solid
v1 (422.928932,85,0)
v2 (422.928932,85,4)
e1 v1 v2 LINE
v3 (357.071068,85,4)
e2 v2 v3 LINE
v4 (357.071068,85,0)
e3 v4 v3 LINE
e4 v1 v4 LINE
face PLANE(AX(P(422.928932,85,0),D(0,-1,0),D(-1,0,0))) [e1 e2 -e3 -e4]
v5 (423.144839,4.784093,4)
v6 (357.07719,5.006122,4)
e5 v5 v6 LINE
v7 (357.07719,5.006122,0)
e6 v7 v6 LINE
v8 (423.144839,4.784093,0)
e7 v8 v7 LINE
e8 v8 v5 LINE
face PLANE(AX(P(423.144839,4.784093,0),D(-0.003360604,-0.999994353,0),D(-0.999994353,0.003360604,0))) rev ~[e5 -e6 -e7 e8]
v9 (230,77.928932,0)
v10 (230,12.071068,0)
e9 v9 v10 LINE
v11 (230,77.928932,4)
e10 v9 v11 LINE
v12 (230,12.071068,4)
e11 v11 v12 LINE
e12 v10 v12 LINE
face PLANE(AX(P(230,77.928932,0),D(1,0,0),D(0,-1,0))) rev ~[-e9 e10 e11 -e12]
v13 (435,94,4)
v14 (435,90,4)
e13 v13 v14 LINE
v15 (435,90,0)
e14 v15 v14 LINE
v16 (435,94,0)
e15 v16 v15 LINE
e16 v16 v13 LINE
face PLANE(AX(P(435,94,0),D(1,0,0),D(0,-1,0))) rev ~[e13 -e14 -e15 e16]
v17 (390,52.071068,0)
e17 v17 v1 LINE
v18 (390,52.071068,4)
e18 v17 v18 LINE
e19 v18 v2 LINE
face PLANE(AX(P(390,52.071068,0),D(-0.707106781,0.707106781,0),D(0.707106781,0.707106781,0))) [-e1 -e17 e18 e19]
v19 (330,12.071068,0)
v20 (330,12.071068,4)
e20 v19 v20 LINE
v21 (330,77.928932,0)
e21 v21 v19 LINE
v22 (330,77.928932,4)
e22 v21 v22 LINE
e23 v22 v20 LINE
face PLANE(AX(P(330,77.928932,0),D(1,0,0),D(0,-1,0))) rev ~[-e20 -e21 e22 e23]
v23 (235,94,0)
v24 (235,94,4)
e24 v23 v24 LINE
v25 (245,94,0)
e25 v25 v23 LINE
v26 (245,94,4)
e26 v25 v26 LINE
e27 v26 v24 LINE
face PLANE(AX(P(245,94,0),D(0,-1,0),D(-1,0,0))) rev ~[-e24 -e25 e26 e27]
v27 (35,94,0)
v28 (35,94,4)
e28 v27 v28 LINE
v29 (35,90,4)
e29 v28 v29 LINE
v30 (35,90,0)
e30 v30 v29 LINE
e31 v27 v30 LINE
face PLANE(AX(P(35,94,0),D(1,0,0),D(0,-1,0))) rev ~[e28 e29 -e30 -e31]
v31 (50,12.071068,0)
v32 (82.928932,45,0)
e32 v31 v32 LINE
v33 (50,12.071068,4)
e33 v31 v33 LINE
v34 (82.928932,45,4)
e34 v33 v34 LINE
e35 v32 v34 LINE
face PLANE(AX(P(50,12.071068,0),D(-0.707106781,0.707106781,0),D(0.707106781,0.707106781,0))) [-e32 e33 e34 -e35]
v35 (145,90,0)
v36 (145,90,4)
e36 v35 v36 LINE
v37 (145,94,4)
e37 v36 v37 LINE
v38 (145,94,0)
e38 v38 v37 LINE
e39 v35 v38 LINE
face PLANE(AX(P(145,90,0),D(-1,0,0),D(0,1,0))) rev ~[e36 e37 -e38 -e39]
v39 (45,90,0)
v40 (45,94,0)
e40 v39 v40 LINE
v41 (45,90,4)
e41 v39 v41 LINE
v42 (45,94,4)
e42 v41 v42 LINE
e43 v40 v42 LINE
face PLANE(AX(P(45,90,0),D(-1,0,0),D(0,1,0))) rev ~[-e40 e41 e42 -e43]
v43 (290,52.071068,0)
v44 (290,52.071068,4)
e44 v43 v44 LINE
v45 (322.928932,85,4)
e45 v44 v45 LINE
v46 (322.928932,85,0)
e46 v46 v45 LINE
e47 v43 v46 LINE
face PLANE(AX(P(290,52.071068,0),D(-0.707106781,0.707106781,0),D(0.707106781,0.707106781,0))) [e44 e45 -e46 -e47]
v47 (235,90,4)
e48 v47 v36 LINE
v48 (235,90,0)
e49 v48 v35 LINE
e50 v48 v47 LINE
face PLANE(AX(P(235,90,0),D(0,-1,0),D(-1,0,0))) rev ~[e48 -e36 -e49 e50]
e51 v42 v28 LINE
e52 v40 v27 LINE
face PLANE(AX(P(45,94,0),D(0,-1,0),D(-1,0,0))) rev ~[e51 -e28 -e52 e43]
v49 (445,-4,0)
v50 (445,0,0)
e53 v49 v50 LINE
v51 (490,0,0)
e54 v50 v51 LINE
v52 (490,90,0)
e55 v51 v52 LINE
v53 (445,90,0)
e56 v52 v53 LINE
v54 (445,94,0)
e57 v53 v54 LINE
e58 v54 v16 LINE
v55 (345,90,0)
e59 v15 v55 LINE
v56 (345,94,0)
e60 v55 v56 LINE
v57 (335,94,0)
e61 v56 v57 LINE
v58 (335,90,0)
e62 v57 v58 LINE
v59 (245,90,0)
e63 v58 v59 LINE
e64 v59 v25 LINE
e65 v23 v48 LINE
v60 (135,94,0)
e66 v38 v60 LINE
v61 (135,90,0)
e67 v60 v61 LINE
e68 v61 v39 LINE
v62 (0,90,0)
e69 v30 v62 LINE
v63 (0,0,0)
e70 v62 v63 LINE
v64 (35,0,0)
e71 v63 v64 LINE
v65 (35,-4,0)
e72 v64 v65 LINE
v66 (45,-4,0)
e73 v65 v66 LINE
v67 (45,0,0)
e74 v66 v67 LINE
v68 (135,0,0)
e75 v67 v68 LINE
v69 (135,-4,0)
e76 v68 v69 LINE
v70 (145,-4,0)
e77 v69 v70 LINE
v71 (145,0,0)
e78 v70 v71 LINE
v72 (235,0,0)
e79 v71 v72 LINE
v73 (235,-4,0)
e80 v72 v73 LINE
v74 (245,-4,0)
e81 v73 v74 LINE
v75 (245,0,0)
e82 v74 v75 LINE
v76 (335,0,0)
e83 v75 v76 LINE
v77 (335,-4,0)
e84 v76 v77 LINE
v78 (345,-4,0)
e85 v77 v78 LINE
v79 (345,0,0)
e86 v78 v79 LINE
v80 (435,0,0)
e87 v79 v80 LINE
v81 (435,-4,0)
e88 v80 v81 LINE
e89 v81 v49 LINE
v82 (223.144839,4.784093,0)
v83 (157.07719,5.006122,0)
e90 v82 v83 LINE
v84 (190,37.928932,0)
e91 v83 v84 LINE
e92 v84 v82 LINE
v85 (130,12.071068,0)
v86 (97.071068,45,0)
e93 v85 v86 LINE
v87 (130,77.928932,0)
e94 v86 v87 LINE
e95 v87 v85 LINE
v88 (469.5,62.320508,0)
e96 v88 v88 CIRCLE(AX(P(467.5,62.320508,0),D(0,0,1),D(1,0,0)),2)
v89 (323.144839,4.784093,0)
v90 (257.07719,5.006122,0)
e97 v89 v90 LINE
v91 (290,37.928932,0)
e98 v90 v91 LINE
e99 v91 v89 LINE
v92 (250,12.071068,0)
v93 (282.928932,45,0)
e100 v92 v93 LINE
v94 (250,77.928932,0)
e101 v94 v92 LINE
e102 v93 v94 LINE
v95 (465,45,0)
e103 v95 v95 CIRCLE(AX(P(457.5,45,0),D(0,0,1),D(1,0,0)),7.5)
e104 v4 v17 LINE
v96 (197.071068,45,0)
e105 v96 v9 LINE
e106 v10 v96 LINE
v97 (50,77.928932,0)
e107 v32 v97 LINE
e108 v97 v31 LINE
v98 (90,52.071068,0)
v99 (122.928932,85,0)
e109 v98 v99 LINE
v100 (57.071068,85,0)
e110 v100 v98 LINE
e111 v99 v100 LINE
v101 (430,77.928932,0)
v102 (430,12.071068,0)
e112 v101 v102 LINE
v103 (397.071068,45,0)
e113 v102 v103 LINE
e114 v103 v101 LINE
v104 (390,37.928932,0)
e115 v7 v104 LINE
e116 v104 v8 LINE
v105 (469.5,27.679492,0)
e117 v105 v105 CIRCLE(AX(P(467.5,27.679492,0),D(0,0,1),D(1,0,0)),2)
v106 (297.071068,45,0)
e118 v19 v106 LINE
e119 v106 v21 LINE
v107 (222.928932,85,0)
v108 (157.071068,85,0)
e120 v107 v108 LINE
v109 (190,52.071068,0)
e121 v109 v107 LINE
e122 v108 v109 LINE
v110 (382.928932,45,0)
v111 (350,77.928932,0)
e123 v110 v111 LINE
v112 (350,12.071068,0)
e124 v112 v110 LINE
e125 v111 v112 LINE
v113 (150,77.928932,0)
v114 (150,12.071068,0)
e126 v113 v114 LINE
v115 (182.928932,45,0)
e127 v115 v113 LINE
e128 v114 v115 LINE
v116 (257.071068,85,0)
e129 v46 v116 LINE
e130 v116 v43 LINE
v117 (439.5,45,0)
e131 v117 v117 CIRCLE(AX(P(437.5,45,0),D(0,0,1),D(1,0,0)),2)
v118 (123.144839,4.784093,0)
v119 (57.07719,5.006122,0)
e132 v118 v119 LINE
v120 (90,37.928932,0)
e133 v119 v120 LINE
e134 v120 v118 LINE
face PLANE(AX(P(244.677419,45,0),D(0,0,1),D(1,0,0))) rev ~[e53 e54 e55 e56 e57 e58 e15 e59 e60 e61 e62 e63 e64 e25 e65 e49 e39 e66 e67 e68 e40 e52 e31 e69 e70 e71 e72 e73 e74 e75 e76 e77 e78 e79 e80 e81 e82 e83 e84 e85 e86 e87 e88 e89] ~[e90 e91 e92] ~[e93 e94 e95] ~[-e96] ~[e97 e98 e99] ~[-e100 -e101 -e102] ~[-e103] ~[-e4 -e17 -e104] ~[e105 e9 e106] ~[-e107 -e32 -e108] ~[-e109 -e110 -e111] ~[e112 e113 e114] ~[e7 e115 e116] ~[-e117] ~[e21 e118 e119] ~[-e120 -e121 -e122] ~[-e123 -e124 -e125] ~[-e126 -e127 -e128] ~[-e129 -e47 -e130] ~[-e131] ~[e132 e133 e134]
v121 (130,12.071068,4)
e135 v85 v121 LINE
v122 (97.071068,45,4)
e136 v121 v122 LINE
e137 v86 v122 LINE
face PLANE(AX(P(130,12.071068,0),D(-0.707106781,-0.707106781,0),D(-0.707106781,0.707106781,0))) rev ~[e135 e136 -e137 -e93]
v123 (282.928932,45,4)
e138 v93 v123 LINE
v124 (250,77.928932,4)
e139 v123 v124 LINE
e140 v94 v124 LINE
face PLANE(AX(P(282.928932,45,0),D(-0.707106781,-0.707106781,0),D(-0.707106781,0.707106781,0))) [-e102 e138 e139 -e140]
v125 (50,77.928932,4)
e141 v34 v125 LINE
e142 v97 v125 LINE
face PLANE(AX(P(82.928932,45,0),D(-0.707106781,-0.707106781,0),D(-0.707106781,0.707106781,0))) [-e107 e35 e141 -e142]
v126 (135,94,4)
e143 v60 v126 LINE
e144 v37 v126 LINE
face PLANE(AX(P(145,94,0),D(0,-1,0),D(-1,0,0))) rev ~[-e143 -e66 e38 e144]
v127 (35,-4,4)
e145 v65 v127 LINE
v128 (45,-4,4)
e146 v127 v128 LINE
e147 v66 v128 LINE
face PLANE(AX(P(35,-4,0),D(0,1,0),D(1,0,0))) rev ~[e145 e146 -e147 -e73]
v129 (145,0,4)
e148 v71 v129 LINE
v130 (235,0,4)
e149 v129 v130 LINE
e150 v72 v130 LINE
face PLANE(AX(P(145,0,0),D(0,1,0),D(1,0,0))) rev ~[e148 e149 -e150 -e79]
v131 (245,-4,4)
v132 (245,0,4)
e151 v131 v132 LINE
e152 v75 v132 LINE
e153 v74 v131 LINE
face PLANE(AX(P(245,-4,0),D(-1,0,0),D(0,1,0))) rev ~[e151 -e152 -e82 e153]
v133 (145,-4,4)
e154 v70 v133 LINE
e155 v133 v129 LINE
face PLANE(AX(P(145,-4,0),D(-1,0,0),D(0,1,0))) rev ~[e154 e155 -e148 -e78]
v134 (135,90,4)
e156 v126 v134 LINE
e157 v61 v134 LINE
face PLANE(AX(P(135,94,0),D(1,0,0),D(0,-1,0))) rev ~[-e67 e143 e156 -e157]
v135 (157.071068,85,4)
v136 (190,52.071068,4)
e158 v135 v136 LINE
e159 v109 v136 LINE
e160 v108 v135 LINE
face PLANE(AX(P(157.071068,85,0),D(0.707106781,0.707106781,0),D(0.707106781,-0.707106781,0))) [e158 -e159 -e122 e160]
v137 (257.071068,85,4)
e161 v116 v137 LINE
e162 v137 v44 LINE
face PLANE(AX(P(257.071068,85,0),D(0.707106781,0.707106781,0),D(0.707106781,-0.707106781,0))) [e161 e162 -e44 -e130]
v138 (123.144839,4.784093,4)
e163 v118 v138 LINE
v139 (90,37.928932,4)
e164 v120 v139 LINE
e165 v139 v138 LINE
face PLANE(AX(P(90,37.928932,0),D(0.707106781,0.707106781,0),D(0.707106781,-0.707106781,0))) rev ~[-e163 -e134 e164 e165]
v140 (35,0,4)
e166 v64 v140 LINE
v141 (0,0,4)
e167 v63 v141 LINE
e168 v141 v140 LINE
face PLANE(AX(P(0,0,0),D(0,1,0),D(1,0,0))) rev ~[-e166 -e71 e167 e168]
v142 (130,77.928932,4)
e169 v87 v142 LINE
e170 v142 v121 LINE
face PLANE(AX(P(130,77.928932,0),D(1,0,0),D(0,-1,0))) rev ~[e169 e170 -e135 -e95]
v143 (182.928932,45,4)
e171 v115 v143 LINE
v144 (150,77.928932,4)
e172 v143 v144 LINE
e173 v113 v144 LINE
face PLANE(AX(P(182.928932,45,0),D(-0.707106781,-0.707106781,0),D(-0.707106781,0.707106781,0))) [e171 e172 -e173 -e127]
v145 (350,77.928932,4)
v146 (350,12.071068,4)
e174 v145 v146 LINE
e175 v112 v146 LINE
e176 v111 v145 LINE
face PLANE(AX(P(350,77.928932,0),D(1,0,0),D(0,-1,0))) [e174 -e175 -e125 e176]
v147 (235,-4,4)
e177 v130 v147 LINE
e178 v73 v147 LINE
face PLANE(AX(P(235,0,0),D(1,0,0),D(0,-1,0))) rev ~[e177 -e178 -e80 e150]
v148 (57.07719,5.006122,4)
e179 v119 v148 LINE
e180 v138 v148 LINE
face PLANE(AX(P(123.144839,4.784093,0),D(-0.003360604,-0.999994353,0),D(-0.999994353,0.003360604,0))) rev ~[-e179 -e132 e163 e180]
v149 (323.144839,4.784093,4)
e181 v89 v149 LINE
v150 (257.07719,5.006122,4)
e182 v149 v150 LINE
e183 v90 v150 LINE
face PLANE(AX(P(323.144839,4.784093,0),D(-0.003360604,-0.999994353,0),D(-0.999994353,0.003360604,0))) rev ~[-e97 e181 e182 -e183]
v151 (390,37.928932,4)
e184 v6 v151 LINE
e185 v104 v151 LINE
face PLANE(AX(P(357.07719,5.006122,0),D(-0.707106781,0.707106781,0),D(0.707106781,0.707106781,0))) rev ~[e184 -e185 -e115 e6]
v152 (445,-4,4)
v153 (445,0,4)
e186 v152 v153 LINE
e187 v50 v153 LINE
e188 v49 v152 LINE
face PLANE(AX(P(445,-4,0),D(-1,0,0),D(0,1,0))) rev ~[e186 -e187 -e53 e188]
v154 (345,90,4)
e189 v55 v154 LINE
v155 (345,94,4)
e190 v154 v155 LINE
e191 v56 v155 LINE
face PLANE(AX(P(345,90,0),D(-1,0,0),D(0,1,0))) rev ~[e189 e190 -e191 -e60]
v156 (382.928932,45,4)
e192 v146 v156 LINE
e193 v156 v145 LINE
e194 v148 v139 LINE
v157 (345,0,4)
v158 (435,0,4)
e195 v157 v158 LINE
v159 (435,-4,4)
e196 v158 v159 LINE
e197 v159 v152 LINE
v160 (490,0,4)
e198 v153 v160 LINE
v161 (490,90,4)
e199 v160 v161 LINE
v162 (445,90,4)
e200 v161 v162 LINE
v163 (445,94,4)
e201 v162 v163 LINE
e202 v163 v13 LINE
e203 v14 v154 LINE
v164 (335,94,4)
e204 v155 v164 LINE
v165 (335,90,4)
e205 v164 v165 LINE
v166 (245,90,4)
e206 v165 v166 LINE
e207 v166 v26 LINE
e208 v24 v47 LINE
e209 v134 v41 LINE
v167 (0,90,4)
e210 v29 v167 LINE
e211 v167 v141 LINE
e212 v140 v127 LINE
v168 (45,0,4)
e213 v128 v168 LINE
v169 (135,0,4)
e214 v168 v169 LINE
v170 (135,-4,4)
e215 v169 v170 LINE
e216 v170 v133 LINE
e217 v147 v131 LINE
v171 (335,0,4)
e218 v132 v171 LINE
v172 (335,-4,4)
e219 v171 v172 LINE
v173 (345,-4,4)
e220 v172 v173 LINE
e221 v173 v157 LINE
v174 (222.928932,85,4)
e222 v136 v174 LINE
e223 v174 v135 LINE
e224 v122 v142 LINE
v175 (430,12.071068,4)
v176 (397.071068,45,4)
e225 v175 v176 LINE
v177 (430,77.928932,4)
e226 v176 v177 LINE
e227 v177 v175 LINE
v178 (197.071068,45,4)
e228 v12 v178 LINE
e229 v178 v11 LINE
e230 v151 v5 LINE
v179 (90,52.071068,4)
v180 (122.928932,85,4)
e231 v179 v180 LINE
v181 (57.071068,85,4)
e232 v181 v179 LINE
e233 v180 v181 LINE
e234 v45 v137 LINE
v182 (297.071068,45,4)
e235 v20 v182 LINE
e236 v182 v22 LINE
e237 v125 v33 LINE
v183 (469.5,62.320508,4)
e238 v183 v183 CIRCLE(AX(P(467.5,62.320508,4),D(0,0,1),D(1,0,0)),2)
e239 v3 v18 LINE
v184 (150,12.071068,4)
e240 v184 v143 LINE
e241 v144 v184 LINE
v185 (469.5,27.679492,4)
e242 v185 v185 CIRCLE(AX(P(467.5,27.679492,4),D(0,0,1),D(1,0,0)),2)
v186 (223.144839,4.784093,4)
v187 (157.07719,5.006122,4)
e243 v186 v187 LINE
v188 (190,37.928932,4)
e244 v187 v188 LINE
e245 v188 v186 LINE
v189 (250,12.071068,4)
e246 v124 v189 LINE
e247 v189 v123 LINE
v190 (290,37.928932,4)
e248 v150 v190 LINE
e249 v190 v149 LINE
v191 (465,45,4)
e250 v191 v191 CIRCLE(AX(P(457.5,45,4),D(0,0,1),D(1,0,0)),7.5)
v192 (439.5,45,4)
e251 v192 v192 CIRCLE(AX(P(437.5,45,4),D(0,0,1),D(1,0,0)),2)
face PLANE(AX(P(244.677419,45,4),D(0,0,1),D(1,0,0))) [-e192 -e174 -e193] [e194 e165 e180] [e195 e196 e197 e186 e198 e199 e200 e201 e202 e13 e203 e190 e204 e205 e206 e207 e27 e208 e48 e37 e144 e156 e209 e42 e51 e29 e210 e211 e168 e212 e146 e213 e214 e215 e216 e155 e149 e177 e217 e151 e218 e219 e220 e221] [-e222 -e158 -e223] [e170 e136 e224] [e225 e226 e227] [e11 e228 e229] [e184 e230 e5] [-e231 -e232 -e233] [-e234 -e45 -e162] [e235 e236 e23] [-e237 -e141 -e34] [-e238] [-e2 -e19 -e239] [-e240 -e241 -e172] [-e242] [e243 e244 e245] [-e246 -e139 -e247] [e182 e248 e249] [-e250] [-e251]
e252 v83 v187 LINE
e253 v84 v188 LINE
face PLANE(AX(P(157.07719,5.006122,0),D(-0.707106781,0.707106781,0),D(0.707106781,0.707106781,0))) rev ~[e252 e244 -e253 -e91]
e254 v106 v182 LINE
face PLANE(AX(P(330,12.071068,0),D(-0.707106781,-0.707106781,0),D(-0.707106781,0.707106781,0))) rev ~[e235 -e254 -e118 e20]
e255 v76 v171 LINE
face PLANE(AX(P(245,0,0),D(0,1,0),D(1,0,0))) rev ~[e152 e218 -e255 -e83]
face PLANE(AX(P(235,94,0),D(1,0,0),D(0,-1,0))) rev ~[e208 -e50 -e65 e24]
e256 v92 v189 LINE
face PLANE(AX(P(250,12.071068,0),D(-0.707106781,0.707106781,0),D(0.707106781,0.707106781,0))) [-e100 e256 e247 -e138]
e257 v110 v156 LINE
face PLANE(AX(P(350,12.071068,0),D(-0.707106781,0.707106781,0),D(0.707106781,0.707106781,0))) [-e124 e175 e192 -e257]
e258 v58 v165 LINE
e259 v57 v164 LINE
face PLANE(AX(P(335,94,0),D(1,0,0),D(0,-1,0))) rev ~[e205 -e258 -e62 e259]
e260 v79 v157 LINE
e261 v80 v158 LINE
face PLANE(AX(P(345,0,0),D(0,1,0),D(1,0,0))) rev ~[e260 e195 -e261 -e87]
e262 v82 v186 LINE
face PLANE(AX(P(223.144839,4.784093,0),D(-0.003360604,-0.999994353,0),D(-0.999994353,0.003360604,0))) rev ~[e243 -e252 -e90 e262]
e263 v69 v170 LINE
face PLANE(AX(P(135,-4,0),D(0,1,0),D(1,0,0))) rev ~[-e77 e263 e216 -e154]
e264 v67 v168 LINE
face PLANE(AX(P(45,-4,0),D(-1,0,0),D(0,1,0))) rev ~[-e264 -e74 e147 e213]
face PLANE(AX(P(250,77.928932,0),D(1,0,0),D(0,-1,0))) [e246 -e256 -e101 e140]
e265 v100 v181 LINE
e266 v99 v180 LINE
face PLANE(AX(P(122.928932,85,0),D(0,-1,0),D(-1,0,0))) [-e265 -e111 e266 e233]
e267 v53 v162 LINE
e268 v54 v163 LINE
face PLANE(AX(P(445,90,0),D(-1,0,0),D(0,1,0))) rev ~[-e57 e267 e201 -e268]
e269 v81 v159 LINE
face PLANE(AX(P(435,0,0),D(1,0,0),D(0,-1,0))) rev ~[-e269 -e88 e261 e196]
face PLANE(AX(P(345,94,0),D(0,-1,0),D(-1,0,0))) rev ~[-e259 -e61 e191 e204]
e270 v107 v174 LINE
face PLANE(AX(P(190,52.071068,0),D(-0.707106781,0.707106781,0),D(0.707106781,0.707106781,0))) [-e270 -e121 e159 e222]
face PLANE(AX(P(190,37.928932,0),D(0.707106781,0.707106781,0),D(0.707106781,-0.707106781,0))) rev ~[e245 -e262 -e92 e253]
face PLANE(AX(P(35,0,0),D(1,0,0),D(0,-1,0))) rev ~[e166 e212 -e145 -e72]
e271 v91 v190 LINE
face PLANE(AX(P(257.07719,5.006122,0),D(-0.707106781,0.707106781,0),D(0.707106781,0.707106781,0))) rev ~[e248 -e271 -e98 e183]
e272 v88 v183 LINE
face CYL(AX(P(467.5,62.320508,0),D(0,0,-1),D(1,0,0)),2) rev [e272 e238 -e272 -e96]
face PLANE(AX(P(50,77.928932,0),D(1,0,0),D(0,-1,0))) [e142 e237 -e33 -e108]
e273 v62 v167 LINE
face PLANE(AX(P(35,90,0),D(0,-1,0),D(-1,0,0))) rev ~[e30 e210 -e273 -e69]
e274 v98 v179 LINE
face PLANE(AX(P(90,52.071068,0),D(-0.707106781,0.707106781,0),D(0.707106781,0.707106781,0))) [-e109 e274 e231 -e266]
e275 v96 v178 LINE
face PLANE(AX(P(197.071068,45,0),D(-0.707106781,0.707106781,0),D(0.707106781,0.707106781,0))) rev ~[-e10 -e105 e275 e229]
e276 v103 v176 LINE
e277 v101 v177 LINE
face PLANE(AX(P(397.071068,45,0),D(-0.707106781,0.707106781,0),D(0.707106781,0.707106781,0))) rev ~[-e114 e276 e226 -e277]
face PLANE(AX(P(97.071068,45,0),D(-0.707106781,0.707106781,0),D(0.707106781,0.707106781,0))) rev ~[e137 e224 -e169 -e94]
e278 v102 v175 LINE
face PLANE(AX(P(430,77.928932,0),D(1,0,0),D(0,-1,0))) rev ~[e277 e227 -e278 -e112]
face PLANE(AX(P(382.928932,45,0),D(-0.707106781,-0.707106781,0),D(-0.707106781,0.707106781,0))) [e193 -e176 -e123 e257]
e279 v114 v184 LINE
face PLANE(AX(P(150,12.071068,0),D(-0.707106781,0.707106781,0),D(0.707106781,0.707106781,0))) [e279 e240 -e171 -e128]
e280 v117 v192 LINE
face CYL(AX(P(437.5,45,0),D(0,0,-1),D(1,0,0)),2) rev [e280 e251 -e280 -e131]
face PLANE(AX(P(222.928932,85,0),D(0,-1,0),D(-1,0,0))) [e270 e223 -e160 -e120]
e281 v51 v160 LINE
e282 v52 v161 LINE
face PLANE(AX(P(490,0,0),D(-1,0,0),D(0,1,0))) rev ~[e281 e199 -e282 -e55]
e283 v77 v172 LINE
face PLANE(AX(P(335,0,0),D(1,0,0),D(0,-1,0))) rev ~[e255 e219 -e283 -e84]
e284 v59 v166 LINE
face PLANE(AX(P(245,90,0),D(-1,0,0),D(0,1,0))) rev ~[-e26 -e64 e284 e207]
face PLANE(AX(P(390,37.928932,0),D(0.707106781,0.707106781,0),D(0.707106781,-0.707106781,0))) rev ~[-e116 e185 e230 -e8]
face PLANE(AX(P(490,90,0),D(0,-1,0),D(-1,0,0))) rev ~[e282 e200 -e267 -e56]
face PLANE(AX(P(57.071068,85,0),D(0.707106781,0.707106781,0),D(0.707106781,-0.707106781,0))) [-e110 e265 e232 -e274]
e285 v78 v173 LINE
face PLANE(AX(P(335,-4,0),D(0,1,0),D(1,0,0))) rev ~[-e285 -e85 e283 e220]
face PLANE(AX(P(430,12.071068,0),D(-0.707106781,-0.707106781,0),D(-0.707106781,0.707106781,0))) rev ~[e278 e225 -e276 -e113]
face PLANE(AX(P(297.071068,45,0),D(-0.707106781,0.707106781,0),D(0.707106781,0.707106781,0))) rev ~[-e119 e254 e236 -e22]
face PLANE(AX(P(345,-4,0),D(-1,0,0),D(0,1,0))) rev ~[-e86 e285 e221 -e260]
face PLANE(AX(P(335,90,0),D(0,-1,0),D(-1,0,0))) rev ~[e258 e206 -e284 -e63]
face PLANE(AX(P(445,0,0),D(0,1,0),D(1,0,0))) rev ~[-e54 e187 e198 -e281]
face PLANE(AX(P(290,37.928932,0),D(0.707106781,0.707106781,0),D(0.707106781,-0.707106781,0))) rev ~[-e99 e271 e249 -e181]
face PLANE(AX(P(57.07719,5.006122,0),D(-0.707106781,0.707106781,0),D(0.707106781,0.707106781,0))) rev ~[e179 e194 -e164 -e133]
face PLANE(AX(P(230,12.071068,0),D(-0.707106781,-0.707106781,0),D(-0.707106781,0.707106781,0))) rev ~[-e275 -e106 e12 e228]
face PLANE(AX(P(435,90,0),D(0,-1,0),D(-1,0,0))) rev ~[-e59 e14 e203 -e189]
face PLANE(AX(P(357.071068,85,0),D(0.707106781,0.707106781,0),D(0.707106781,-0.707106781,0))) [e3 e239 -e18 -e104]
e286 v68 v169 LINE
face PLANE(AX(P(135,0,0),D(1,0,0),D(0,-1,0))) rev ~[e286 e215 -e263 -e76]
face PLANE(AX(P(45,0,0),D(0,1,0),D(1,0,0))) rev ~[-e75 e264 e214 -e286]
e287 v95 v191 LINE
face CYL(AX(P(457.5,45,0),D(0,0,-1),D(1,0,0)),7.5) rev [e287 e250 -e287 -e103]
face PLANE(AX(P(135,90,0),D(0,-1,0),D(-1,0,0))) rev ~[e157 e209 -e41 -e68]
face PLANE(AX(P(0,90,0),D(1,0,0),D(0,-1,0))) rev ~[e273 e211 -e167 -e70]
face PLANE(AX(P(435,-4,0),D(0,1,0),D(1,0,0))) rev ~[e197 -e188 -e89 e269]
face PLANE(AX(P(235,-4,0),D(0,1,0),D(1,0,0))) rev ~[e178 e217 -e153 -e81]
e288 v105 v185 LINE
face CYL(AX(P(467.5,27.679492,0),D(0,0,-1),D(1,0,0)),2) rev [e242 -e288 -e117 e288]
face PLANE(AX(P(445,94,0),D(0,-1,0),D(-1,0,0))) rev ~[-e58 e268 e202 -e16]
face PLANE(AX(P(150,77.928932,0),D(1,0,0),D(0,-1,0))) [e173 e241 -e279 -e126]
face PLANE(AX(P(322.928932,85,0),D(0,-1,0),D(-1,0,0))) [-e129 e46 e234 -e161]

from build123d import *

# Parameters (mm, degrees)
SCHIZZO1_R                   = 7.5
SCHIZZO1_R_2                 = 2
ESTRUSIONE_ESTRUSIONE1_DEPTH = 4


with BuildPart() as part:
    # Schizzo1 → Estrusione-Estrusione1 (new body)
    with BuildSketch(Plane.XY):
        Polygon((0, 90), (0, 0), (35, 0), (35, -4), (45, -4), (45, 0), (135, 0), (135, -4), (145, -4), (145, 0), (235, 0), (235, -4), (245, -4), (245, 0), (335, 0), (335, -4), (345, -4), (345, 0), (435, 0), (435, -4), (445, -4), (445, 0), (490, 0), (490, 90), (445, 90), (445, 94), (435, 94), (435, 90), (345, 90), (345, 94), (335, 94), (335, 90), (245, 90), (245, 94), (235, 94), (235, 90), (145, 90), (145, 94), (135, 94), (135, 90), (45, 90), (45, 94), (35, 94), (35, 90), align=None)
        with Locations((457.5, 45)):
            Circle(SCHIZZO1_R, mode=Mode.SUBTRACT)
        with Locations((437.5, 45)):
            Circle(SCHIZZO1_R_2, mode=Mode.SUBTRACT)
        with Locations((467.5, 27.679491924)):
            Circle(SCHIZZO1_R_2, mode=Mode.SUBTRACT)
        with Locations((467.5, 62.320508076)):
            Circle(SCHIZZO1_R_2, mode=Mode.SUBTRACT)
        Polygon((50, 77.928932188), (50, 12.071067812), (82.928932188, 45), align=None, mode=Mode.SUBTRACT)
        Polygon((130, 77.928932188), (130, 12.071067812), (97.071067812, 45), align=None, mode=Mode.SUBTRACT)
        Polygon((57.071067812, 85), (90, 52.071067812), (122.928932188, 85), align=None, mode=Mode.SUBTRACT)
        Polygon((123.1448388, 4.784093388), (57.077189669, 5.006121857), (90, 37.928932188), align=None, mode=Mode.SUBTRACT)
        Polygon((150, 77.928932188), (150, 12.071067812), (182.928932188, 45), align=None, mode=Mode.SUBTRACT)
        Polygon((230, 77.928932188), (230, 12.071067812), (197.071067812, 45), align=None, mode=Mode.SUBTRACT)
        Polygon((157.071067812, 85), (190, 52.071067812), (222.928932188, 85), align=None, mode=Mode.SUBTRACT)
        Polygon((223.1448388, 4.784093388), (157.077189669, 5.006121857), (190, 37.928932188), align=None, mode=Mode.SUBTRACT)
        Polygon((250, 77.928932188), (250, 12.071067812), (282.928932188, 45), align=None, mode=Mode.SUBTRACT)
        Polygon((330, 77.928932188), (330, 12.071067812), (297.071067812, 45), align=None, mode=Mode.SUBTRACT)
        Polygon((257.071067812, 85), (290, 52.071067812), (322.928932188, 85), align=None, mode=Mode.SUBTRACT)
        Polygon((323.1448388, 4.784093388), (257.077189669, 5.006121857), (290, 37.928932188), align=None, mode=Mode.SUBTRACT)
        Polygon((350, 77.928932188), (350, 12.071067812), (382.928932188, 45), align=None, mode=Mode.SUBTRACT)
        Polygon((430, 77.928932188), (430, 12.071067812), (397.071067812, 45), align=None, mode=Mode.SUBTRACT)
        Polygon((357.071067812, 85), (390, 52.071067812), (422.928932188, 85), align=None, mode=Mode.SUBTRACT)
        Polygon((423.1448388, 4.784093388), (357.077189669, 5.006121857), (390, 37.928932188), align=None, mode=Mode.SUBTRACT)
    extrude(amount=ESTRUSIONE_ESTRUSIONE1_DEPTH)


solid = part.part
